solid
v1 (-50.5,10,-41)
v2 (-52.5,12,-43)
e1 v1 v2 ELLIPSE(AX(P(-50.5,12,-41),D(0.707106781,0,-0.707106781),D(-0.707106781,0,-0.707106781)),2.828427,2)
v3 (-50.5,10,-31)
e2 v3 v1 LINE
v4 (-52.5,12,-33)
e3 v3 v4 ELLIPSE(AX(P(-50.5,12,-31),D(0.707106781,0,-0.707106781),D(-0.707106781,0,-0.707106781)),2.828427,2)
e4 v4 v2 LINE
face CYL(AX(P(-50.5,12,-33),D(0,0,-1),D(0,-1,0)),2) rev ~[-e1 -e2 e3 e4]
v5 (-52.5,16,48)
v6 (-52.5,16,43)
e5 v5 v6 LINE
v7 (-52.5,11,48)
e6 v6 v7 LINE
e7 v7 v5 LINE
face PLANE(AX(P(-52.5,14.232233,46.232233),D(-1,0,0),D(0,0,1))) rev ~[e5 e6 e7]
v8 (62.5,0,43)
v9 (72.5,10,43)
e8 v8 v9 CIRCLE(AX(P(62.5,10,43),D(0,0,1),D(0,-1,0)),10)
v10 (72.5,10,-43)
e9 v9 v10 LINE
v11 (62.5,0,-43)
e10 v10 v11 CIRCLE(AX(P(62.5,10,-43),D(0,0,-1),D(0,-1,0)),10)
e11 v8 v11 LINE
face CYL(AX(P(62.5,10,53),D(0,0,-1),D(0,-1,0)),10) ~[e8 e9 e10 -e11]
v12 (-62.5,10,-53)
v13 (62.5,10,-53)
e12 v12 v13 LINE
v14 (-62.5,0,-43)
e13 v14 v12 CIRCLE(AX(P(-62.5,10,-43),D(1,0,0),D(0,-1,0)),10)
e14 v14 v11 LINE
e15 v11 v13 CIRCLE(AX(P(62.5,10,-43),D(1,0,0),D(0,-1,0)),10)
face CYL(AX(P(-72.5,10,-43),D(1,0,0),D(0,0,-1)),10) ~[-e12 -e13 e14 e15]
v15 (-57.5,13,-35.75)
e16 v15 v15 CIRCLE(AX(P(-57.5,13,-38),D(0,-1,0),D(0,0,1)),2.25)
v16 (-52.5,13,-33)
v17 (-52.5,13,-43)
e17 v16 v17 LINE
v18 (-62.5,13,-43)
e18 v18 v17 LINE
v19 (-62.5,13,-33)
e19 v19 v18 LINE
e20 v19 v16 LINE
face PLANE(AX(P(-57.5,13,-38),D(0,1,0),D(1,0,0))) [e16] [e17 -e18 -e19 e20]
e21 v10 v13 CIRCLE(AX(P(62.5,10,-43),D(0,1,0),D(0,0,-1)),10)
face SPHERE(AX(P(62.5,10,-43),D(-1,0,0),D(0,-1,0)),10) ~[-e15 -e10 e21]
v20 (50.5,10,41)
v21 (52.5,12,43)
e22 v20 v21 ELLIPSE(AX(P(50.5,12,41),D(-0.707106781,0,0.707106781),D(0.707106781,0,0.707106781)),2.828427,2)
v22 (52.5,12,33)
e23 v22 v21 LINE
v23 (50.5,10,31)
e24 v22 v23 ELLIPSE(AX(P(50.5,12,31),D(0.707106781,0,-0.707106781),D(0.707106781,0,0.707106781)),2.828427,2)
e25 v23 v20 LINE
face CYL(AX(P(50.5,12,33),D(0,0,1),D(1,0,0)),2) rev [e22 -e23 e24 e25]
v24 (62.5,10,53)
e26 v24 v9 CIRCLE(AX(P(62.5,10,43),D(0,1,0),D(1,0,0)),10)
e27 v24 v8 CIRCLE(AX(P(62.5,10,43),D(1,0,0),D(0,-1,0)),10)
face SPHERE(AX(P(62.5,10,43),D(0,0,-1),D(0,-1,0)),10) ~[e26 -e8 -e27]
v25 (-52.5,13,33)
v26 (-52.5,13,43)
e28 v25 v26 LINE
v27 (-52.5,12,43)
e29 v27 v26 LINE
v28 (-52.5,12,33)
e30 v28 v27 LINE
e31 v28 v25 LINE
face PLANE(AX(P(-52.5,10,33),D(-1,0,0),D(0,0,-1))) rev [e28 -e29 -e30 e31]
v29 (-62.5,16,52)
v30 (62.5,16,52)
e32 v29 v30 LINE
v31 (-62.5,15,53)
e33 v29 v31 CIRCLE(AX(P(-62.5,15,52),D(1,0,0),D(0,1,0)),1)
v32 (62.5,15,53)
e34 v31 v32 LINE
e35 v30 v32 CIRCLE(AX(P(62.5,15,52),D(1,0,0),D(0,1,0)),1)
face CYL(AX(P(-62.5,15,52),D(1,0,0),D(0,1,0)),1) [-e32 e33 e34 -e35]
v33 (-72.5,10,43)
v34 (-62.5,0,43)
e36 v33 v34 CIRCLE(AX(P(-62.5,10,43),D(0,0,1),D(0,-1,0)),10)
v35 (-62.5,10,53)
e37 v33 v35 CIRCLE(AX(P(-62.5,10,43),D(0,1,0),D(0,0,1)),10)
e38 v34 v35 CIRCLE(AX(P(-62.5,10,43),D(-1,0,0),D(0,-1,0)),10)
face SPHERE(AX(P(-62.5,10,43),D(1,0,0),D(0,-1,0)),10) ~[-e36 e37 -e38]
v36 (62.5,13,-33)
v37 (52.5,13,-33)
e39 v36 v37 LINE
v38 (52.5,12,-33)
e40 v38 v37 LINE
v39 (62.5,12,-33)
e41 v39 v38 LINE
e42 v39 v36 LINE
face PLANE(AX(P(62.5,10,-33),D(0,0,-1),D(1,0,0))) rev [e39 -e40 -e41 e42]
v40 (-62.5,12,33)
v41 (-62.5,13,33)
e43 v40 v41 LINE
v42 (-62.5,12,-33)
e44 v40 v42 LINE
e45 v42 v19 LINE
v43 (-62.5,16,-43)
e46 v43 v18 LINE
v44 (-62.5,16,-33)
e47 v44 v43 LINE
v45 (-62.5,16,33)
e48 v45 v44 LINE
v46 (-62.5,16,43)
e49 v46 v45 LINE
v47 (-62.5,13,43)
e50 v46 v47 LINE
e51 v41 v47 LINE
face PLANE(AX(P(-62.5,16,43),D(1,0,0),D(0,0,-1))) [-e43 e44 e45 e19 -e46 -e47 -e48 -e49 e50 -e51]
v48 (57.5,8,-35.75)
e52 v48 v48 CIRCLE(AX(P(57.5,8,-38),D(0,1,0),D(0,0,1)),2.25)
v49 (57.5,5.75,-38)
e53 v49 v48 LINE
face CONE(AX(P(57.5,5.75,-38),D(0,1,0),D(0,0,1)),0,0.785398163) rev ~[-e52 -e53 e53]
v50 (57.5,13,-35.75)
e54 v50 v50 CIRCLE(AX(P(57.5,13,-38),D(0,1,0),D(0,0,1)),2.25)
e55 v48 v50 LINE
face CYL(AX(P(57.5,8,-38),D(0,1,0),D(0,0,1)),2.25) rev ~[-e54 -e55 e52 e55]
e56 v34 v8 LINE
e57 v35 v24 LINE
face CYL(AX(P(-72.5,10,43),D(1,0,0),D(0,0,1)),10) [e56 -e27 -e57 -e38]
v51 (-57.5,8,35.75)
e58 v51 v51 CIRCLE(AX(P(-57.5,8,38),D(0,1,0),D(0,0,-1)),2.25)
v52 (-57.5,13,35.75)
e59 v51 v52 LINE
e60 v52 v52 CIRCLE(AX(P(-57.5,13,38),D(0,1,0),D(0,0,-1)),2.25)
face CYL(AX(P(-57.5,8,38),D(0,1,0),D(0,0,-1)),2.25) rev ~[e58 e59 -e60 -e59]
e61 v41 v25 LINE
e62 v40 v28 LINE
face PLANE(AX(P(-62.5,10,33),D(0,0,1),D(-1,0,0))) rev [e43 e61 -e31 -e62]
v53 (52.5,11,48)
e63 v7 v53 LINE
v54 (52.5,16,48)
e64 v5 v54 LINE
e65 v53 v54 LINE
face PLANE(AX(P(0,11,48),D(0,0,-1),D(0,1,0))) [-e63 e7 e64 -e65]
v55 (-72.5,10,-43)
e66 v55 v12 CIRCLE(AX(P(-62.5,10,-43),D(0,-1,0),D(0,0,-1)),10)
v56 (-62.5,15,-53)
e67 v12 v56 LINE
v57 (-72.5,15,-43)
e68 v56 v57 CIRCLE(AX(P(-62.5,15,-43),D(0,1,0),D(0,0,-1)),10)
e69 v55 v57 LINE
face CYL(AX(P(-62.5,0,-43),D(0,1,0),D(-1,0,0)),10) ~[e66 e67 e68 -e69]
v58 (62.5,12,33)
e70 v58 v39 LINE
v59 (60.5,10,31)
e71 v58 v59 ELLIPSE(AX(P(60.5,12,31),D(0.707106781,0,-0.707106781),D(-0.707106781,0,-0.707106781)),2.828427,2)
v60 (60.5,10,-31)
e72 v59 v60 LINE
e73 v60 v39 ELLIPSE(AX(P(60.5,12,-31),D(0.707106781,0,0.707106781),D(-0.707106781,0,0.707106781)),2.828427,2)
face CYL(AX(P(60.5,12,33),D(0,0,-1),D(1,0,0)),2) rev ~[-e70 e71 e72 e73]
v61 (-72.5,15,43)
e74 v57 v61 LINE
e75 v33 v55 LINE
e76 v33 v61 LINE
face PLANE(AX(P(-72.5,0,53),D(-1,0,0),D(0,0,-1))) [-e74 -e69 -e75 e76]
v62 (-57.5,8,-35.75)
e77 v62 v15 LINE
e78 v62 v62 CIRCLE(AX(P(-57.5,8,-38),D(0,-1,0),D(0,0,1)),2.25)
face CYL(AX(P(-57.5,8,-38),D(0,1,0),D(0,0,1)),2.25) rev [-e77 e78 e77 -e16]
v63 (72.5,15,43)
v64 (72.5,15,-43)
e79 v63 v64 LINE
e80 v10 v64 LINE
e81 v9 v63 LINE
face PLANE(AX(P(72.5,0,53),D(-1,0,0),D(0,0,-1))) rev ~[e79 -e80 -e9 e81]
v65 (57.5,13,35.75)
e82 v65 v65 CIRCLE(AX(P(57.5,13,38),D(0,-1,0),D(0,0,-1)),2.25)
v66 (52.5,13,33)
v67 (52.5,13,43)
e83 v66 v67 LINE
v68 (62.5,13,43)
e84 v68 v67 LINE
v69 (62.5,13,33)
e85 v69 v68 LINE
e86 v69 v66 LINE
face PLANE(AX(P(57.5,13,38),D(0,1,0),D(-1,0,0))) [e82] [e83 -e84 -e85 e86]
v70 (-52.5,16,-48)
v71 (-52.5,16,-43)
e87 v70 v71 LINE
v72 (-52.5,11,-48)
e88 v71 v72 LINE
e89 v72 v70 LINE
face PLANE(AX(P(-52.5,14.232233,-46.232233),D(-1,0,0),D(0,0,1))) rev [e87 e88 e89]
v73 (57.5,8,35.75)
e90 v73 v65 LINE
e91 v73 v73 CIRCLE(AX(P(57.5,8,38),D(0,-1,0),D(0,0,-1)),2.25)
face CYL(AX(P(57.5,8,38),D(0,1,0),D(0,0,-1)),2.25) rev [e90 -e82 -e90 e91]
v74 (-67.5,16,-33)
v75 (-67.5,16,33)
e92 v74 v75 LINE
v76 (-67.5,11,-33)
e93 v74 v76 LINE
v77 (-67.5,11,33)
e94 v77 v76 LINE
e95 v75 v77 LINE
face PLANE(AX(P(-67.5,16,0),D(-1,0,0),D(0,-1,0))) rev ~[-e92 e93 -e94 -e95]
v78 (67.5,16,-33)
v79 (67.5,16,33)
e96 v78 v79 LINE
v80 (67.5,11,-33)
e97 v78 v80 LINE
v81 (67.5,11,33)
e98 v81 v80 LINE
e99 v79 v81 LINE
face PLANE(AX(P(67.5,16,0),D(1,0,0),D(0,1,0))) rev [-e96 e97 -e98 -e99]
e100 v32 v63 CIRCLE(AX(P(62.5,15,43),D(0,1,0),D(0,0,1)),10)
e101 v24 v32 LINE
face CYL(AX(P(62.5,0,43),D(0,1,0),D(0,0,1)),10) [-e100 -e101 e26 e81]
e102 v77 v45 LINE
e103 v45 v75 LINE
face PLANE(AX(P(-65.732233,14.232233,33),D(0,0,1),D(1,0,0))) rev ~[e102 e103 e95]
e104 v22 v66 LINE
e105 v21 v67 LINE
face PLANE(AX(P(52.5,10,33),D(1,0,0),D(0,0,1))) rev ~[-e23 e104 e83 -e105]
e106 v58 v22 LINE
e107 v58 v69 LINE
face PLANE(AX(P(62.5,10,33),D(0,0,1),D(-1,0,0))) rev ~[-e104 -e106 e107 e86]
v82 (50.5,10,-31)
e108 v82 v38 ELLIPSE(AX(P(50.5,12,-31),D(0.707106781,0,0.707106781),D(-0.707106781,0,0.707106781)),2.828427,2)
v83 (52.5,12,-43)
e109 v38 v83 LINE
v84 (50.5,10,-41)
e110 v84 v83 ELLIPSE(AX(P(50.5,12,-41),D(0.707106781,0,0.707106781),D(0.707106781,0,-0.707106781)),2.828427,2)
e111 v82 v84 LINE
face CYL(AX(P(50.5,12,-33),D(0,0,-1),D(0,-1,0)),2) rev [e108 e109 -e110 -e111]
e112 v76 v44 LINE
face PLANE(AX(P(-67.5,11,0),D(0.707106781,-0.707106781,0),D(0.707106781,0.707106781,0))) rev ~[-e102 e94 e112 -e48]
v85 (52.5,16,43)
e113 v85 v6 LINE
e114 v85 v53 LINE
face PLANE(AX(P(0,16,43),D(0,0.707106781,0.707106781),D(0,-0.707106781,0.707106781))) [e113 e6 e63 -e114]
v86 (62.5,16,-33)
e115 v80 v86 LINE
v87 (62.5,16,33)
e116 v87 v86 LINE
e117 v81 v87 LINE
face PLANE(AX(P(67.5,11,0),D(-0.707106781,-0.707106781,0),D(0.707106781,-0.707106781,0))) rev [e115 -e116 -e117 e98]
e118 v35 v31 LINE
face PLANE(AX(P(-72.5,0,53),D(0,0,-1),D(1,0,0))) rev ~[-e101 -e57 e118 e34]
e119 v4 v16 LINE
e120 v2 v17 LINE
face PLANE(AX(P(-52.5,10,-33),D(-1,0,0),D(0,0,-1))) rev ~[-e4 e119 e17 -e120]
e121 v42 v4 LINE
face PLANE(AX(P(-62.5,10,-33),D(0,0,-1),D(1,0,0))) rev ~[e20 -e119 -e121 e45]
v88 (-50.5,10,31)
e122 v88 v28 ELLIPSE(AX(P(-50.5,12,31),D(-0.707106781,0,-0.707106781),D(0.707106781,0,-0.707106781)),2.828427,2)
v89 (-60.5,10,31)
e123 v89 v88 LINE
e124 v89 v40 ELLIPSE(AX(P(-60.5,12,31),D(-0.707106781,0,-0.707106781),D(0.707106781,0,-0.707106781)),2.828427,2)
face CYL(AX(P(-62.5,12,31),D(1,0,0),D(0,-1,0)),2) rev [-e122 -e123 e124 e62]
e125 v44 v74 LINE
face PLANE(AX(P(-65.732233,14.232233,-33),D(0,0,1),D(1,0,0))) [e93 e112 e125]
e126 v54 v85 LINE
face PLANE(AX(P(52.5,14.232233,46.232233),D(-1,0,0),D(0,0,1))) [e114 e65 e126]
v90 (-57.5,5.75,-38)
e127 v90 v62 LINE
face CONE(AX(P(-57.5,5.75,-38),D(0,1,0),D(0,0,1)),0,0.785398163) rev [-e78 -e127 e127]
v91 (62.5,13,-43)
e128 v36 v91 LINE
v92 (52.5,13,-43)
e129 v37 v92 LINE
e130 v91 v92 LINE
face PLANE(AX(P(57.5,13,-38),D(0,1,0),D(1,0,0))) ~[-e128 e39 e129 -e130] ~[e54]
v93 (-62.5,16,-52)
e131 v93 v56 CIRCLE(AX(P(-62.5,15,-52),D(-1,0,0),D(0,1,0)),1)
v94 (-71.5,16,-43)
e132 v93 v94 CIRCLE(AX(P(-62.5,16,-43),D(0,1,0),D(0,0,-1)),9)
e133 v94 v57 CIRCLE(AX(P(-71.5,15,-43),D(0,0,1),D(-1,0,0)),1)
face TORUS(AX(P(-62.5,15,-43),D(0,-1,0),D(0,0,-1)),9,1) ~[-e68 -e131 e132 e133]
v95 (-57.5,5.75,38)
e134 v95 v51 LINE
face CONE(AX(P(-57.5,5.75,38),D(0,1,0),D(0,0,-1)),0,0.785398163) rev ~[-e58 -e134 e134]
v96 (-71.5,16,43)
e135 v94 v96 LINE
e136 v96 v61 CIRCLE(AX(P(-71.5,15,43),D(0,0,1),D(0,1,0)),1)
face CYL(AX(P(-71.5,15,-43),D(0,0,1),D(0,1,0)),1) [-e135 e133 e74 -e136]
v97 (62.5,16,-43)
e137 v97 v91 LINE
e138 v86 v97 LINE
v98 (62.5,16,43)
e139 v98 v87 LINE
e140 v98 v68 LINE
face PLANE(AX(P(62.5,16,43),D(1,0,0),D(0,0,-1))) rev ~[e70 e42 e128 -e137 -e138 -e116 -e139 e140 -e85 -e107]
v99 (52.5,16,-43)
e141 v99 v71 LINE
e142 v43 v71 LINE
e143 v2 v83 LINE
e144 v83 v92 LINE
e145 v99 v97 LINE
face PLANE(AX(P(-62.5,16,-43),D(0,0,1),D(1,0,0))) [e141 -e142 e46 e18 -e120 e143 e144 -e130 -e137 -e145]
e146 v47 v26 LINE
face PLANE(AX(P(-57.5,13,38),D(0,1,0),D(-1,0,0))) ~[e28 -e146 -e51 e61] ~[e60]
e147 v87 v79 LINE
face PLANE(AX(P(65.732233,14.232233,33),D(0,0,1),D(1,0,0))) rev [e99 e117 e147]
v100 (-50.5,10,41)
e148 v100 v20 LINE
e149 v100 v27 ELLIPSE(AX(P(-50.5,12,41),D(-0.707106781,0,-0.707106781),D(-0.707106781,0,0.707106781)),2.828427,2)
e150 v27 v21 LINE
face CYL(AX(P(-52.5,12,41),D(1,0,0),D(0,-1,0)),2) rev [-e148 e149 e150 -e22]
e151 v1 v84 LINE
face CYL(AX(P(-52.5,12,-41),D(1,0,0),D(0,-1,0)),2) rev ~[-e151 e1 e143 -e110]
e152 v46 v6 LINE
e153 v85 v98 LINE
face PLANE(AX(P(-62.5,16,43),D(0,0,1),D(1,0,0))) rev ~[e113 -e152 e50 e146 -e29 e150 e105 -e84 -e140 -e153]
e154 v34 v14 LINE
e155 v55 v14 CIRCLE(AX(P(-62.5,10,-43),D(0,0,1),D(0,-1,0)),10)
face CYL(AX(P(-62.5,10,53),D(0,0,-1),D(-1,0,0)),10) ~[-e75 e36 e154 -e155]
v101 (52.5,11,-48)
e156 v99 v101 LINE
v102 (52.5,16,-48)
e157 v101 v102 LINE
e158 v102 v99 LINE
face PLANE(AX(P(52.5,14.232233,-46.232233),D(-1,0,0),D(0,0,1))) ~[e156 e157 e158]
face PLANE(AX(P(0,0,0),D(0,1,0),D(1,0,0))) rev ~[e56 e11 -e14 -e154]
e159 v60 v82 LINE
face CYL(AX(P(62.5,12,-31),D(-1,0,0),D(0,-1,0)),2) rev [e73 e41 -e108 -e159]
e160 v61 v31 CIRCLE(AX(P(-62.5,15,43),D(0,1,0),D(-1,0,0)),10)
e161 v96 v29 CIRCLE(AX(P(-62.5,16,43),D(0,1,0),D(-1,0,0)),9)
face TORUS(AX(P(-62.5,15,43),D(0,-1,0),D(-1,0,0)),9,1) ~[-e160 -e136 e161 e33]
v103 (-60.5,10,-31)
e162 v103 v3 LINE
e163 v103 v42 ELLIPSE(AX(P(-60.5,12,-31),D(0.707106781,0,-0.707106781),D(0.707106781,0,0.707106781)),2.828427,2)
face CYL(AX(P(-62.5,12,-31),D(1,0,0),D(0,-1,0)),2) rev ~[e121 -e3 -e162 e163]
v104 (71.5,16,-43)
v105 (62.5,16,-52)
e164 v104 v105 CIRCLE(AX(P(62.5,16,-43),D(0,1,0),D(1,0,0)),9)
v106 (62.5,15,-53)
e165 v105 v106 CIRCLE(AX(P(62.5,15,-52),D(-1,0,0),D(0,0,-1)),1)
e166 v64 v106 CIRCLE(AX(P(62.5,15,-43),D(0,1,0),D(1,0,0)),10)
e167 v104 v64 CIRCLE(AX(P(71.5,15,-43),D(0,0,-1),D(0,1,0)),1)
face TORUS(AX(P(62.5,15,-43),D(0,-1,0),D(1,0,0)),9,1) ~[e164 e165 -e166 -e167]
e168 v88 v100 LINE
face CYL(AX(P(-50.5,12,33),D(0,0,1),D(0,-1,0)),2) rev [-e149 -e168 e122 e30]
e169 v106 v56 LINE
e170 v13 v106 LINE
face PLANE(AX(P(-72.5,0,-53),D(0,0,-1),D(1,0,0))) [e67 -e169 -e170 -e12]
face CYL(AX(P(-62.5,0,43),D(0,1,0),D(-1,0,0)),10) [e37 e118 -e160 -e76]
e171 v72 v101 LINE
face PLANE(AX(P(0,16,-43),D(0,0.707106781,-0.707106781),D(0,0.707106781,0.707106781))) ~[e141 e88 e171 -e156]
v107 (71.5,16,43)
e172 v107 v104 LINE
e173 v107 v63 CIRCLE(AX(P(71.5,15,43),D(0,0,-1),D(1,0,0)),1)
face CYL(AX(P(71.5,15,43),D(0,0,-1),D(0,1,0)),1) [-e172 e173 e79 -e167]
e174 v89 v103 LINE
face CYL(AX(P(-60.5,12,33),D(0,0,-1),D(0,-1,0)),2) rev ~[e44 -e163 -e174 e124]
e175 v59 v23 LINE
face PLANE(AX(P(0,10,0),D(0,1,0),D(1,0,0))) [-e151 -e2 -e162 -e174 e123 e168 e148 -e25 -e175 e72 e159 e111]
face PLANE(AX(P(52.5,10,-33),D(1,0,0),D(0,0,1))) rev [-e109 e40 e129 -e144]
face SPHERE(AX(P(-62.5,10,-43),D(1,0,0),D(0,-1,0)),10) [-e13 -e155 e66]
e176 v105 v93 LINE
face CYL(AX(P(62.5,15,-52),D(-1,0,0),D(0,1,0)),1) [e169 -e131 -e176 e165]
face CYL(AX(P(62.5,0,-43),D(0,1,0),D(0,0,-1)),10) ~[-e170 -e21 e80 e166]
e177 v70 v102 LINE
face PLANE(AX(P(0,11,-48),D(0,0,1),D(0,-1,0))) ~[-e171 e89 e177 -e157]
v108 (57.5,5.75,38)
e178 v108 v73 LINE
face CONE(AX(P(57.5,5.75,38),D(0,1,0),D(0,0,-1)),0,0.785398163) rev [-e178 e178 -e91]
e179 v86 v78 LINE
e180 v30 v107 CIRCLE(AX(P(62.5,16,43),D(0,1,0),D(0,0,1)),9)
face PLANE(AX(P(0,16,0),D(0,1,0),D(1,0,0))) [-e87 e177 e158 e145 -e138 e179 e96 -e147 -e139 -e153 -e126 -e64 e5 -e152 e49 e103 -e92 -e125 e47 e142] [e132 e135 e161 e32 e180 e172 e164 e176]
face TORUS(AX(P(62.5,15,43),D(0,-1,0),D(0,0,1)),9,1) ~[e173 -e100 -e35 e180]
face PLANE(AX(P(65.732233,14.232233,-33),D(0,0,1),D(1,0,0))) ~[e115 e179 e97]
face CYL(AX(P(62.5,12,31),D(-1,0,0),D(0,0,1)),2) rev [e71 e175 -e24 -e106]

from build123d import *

# Parameters (mm, degrees)
SKETCH1_W               = 145
SKETCH1_H               = 106
BOSS_EXTRUDE1_DEPTH     = 16
CUT_EXTRUDE1_START      = 16
SKETCH1_4_W             = 125
SKETCH1_4_H             = 86
CUT_EXTRUDE1_DEPTH      = 6
CUT_EXTRUDE3_DEPTH      = 52.5
CUT_EXTRUDE4_DEPTH      = 33
FILLET1_R               = 10
SKETCH5_W               = 10
SKETCH5_H               = 10
BOSS_EXTRUDE3_DEPTH     = 3
MIRROR6_COPY_1_SKETCH_W = 10
MIRROR6_COPY_1_SKETCH_H = 10
MIRROR6_COPY_1_DEPTH    = 3
FILLET3_R               = 2
FILLET11_R              = 1


with BuildPart() as part:
    # Sketch1 → Boss-Extrude1 (new body)
    with BuildSketch(Plane(origin=(0, 0, 0), x_dir=(1, 0, 0), z_dir=(0, 1, 0))):
        Rectangle(SKETCH1_W, SKETCH1_H)
    extrude(amount=BOSS_EXTRUDE1_DEPTH)

    # Sketch1<4> → Cut-Extrude1 (cut)
    with BuildSketch(Plane(origin=(0, 0, 0), x_dir=(1, 0, 0), z_dir=(0, 1, 0)).offset(CUT_EXTRUDE1_START)):
        Rectangle(SKETCH1_4_W, SKETCH1_4_H)
    extrude(amount=-CUT_EXTRUDE1_DEPTH, mode=Mode.SUBTRACT)

    # Sketch3 → Cut-Extrude3 (cut, symmetric)
    with BuildSketch(Plane(origin=(0, 0, 0), x_dir=(0, 0, -1), z_dir=(1, 0, 0))):
        Polygon((-48, 16), (-43, 16), (-48, 11), align=None)
    cut_extrude3 = extrude(amount=CUT_EXTRUDE3_DEPTH, both=True, mode=Mode.SUBTRACT)

    # Sketch4 → Cut-Extrude4 (cut, symmetric)
    with BuildSketch(Plane.XY):
        Polygon((-62.5, 16), (-67.5, 16), (-67.5, 11), align=None)
    cut_extrude4 = extrude(amount=CUT_EXTRUDE4_DEPTH, both=True, mode=Mode.SUBTRACT)

    # Mirror1: Cut-Extrude4 across plane
    add(cut_extrude4.mirror(Plane(origin=(0, 0, 0), x_dir=(0, 0, 1), z_dir=(1, 0, 0))), mode=Mode.SUBTRACT)

    # Mirror4: Cut-Extrude3 across plane
    add(cut_extrude3.mirror(Plane.XY), mode=Mode.SUBTRACT)

    # Fillet1
    fillet1_edges = [part.edges().sort_by_distance(p)[0] for p in [
        (0, 0, -53),
        (72.5, 0, 0),
        (0, 0, 53),
        (-72.5, 0, 0),
        (-72.5, 8, -53),
        (72.5, 8, -53),
        (72.5, 8, 53),
        (-72.5, 8, 53),
    ]]
    fillet(fillet1_edges, radius=FILLET1_R)

    # Sketch5 → Boss-Extrude3 (add)
    with BuildSketch(Plane(origin=(0, 10, 0), x_dir=(1, 0, 0), z_dir=(0, 1, 0))):
        with Locations((-57.5, 38)):
            Rectangle(SKETCH5_W, SKETCH5_H)
    boss_extrude3 = extrude(amount=BOSS_EXTRUDE3_DEPTH)

    # Sketch7 → M4 Clearance Hole1 (revolve, cut)
    with BuildSketch(Plane(origin=(-57.5, 13, -38), x_dir=(0, 0, 1), z_dir=(1, 0, 0))):
        Polygon((0, 0), (0, 7.25), (2.25, 5), (2.25, 0), align=None)
    m4_clearance_hole1 = revolve(axis=Axis((-57.5, 19.35, -38), (0, -1, 0)), mode=Mode.SUBTRACT)

    # Mirror5: Boss-Extrude3, M4 Clearance Hole1 across plane
    add(boss_extrude3.mirror(Plane.XY))
    add(m4_clearance_hole1.mirror(Plane.XY), mode=Mode.SUBTRACT)

    # Mirror6: Boss-Extrude3, M4 Clearance Hole1 across plane
    add(boss_extrude3.mirror(Plane(origin=(0, 0, 0), x_dir=(0, 0, 1), z_dir=(1, 0, 0))))
    add(m4_clearance_hole1.mirror(Plane(origin=(0, 0, 0), x_dir=(0, 0, 1), z_dir=(1, 0, 0))), mode=Mode.SUBTRACT)

    # Mirror6 copy 1 sketch → Mirror6 copy 1 (add)
    with BuildSketch(Plane(origin=(0, 10, 0), x_dir=(-1, 0, 0), z_dir=(0, 1, 0))):
        with Locations((-57.5, 38)):
            Rectangle(MIRROR6_COPY_1_SKETCH_W, MIRROR6_COPY_1_SKETCH_H)
    extrude(amount=MIRROR6_COPY_1_DEPTH)

    # Mirror6 copy 2 sketch → Mirror6 copy 2 (revolve, cut)
    with BuildSketch(Plane(origin=(57.5, 13, 38), x_dir=(0, 0, -1), z_dir=(-1, 0, 0))):
        Polygon((0, 0), (0, 7.25), (2.25, 5), (2.25, 0), align=None)
    revolve(axis=Axis((57.5, 19.35, 38), (0, -1, 0)), mode=Mode.SUBTRACT)

    # Fillet3
    fillet3_edges = [part.edges().sort_by_distance(p)[0] for p in [
        (-52.5, 10, -38),
        (-57.5, 10, -33),
        (-62.5, 10, 0),
        (-57.5, 10, 33),
        (-52.5, 10, 38),
        (0, 10, -43),
        (57.5, 10, -33),
        (52.5, 10, -38),
        (0, 10, 43),
        (62.5, 10, 0),
        (52.5, 10, 38),
        (57.5, 10, 33),
    ]]
    fillet(fillet3_edges, radius=FILLET3_R)

    # Fillet11
    fillet11_edges = [part.edges().sort_by_distance(p)[0] for p in [
        (0, 16, 53),
        (72.5, 16, 0),
        (0, 16, -53),
        (-72.5, 16, 0),
        (-69.571067812, 16, 50.071067812),
        (69.571067812, 16, 50.071067812),
        (69.571067812, 16, -50.071067812),
        (-69.571067812, 16, -50.071067812),
    ]]
    fillet(fillet11_edges, radius=FILLET11_R)


solid = part.part
